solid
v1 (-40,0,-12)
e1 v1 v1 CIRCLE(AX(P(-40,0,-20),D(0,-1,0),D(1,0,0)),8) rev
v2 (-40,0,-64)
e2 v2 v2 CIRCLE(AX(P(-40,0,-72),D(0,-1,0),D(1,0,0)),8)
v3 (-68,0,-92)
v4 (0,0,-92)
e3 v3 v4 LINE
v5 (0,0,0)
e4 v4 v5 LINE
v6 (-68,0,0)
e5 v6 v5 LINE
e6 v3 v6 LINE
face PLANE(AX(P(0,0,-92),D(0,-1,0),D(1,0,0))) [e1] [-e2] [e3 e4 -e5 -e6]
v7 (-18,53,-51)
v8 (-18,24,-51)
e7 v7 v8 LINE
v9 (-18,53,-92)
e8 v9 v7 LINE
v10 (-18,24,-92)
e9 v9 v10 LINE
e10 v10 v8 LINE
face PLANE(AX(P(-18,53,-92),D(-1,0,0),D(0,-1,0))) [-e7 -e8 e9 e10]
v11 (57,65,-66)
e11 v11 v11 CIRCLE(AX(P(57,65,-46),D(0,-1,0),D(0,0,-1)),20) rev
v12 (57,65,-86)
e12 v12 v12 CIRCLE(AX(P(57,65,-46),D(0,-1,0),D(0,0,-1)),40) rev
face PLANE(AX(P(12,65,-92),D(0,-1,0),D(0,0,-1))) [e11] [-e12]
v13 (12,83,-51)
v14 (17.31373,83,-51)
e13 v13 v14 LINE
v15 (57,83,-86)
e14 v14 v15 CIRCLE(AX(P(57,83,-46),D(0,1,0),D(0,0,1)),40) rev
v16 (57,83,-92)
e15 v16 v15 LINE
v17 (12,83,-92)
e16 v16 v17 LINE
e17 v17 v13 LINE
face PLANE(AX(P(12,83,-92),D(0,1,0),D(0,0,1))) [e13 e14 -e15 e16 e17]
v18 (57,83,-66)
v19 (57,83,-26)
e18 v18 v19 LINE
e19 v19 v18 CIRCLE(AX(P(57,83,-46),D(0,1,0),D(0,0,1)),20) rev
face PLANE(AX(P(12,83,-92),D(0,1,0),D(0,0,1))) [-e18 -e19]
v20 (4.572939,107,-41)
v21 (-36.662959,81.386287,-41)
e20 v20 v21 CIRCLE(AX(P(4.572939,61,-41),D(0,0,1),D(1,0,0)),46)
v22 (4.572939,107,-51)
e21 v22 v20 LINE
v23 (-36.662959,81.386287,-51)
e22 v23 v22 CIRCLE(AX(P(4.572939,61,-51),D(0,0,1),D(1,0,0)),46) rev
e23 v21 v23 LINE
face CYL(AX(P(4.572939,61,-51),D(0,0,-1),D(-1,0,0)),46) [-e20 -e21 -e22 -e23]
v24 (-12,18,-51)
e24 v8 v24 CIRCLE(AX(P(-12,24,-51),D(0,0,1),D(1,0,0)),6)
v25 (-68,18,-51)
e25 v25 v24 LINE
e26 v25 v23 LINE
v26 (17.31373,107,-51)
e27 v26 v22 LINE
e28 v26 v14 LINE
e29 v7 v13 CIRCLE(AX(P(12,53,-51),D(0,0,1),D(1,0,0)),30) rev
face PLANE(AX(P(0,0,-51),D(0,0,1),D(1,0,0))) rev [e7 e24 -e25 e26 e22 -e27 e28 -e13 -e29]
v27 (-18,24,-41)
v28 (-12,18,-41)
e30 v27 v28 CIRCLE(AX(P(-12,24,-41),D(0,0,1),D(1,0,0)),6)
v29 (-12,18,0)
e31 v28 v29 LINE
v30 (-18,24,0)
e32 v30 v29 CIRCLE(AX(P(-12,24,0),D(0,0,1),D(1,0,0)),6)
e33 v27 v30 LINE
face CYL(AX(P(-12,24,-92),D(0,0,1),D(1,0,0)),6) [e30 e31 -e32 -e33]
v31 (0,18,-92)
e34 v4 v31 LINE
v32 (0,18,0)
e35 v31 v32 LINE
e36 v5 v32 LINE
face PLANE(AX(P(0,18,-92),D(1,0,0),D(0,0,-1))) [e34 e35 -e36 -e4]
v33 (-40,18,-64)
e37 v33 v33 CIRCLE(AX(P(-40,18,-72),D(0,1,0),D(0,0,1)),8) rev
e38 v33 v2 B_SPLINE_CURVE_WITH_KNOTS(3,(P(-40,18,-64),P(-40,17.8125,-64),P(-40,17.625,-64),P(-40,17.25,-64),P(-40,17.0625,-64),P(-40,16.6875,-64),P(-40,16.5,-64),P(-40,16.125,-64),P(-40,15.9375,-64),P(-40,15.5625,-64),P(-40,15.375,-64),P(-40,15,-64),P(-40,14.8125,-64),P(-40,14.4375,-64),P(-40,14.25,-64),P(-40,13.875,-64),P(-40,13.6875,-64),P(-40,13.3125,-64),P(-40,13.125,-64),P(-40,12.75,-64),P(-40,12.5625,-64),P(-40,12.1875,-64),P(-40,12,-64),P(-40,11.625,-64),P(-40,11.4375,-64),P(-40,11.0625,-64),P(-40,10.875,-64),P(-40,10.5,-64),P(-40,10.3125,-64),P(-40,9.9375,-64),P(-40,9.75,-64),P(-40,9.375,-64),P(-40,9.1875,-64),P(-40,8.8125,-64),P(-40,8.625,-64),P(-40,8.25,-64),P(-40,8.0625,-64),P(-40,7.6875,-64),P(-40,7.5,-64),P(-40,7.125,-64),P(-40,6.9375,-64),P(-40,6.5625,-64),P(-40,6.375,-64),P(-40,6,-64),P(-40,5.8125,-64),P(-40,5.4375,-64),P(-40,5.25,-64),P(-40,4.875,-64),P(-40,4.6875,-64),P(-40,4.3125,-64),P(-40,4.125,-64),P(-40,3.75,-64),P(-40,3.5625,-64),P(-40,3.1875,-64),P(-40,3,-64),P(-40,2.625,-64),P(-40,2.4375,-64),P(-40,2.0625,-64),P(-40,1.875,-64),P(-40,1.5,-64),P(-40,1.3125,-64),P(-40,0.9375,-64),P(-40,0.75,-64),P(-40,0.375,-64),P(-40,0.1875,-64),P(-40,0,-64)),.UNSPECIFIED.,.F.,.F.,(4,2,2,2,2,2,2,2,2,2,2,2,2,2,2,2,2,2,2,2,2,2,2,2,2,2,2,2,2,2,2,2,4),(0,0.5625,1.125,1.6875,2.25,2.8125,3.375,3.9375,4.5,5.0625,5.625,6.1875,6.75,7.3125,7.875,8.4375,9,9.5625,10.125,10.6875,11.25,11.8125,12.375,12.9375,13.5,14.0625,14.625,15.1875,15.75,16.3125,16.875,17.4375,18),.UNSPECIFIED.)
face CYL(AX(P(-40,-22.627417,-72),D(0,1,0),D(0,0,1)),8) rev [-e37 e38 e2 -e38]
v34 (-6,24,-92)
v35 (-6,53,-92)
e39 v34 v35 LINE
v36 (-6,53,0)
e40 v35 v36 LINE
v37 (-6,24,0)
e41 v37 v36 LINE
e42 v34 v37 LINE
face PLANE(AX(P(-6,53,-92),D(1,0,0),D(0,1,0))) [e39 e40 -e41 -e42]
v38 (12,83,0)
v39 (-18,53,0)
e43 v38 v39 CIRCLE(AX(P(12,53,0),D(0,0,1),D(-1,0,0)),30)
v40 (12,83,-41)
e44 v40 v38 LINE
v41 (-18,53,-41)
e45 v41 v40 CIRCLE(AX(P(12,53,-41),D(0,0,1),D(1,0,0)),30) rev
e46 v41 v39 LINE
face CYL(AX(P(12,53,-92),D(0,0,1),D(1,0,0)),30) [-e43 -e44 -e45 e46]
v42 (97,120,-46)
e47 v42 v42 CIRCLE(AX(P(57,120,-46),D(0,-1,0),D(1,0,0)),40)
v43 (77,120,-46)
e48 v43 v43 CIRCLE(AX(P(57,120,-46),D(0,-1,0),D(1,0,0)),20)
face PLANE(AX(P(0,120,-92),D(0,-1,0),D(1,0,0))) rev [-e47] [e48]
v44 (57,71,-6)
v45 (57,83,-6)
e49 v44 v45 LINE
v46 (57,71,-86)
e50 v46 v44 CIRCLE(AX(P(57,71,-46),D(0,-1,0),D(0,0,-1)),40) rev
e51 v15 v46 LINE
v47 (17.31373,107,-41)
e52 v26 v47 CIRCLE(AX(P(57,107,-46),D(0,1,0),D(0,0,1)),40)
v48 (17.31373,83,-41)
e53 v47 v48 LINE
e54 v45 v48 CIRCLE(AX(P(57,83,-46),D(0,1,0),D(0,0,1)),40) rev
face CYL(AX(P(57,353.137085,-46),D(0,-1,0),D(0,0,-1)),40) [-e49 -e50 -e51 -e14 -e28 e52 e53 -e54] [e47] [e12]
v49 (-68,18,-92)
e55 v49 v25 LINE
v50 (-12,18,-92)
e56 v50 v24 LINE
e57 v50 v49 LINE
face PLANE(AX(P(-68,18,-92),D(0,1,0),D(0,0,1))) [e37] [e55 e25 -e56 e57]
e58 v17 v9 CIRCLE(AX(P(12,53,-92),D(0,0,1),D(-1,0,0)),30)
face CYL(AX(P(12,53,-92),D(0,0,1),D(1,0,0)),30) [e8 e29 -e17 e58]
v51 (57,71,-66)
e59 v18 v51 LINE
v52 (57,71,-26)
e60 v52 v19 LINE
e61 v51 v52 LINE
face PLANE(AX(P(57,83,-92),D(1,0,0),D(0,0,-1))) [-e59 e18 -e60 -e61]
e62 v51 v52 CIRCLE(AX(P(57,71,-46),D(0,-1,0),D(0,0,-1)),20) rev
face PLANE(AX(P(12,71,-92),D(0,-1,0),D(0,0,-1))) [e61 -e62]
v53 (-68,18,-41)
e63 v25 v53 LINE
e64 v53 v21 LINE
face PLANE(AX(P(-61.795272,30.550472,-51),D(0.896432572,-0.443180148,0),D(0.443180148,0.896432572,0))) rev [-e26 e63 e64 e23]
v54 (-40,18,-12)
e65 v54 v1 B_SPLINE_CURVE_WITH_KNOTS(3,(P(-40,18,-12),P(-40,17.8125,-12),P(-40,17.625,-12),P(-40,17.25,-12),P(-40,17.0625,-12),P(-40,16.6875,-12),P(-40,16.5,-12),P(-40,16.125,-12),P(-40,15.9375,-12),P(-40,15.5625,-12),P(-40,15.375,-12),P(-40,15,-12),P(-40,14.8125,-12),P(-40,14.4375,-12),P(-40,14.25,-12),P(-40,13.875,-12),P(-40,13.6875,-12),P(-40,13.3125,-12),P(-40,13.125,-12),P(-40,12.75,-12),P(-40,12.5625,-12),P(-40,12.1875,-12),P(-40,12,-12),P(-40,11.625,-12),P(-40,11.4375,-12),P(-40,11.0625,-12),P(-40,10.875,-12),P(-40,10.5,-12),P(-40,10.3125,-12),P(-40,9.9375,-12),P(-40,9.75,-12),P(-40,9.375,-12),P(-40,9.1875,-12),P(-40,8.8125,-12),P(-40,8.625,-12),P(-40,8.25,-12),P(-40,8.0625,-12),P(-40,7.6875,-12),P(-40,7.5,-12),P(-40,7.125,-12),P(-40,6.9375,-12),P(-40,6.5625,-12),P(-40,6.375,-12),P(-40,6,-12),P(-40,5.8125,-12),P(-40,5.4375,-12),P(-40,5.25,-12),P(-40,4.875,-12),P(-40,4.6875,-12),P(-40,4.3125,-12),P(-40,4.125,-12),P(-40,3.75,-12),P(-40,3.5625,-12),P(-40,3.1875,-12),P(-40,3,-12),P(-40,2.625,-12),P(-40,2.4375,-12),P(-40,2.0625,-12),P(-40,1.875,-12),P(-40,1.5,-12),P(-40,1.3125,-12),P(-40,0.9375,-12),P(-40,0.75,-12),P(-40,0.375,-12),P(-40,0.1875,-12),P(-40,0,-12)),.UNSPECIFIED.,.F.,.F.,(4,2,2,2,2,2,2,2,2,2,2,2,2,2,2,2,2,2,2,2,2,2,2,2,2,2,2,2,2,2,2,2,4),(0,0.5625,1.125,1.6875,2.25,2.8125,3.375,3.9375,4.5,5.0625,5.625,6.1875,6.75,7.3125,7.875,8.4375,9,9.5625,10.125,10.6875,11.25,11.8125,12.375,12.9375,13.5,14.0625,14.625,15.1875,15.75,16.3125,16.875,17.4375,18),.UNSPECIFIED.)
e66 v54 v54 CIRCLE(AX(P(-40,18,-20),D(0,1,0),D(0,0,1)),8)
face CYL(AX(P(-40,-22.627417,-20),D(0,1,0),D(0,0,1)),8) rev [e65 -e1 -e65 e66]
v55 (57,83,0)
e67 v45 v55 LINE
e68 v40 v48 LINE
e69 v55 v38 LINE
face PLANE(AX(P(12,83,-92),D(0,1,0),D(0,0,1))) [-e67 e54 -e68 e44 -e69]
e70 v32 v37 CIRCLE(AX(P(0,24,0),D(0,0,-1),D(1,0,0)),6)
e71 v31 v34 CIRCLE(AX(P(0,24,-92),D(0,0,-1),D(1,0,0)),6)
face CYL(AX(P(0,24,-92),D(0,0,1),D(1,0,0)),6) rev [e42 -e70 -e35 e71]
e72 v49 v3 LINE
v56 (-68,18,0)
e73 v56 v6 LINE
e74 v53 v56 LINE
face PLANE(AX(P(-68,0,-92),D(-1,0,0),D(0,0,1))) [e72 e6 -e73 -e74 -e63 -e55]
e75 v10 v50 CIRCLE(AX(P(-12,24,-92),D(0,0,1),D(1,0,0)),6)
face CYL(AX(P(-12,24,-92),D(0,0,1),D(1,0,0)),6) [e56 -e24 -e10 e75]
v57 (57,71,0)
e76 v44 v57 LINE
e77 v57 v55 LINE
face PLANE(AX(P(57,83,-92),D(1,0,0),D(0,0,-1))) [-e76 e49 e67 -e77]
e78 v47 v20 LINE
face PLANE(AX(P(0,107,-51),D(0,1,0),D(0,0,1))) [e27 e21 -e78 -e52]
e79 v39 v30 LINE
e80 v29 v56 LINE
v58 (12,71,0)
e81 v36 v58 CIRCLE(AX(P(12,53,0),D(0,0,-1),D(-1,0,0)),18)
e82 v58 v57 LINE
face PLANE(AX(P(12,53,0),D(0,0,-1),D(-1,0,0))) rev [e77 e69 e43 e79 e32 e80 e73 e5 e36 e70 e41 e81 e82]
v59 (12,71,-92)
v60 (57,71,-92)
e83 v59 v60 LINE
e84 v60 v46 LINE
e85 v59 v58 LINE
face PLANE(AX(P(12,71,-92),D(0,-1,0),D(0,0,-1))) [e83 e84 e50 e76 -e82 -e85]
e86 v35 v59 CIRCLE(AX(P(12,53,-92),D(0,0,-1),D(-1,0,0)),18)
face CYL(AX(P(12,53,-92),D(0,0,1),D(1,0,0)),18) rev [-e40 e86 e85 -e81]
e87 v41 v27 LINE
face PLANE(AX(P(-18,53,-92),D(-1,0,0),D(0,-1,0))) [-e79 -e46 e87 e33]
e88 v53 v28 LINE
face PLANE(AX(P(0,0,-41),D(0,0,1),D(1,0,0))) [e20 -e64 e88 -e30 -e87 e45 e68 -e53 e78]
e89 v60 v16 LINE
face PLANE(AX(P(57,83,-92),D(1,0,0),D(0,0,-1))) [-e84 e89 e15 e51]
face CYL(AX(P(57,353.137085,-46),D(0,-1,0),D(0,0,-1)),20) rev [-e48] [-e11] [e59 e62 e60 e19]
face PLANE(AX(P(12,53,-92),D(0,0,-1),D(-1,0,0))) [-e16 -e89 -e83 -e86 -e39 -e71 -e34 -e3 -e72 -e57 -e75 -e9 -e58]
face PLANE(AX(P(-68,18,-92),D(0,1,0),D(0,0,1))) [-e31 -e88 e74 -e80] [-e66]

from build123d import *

# Parameters (mm, degrees)
BOSS_EXTRUDE1_DEPTH = 92
BOSS_EXTRUDE2_START = -18
SKETCH2_R           = 40
SKETCH2_R_2         = 20
BOSS_EXTRUDE2_DEPTH = 55
SKETCH3_R           = 8
CUT_EXTRUDE1_DEPTH  = 18
BOSS_EXTRUDE3_START = -46
BOSS_EXTRUDE3_DEPTH = 5
FILLET1_R           = 46


with BuildPart() as part:
    # Sketch1 → Boss-Extrude1 (new body)
    with BuildSketch(Plane.XY):
        with BuildLine():
            Line((-6, 53), (-6, 24))
            ThreePointArc((-6, 24), (-4.242640687, 19.757359313), (0, 18))
            Line((0, 18), (0, 0))
            Line((0, 0), (-68, 0))
            Line((-68, 0), (-68, 18))
            Line((-68, 18), (-12, 18))
            ThreePointArc((-12, 18), (-16.242640687, 19.757359313), (-18, 24))
            Line((-18, 24), (-18, 53))
            ThreePointArc((-18, 53), (-9.213203436, 74.213203436), (12, 83))
            Line((12, 83), (57, 83))
            Line((57, 83), (57, 71))
            Line((57, 71), (12, 71))
            ThreePointArc((12, 71), (-0.727922061, 65.727922061), (-6, 53))
        make_face()
    extrude(amount=-BOSS_EXTRUDE1_DEPTH)

    # Sketch2 → Boss-Extrude2 (add)
    with BuildSketch(Plane(origin=(0, 83, 0), x_dir=(1, 0, 0), z_dir=(0, 1, 0)).offset(BOSS_EXTRUDE2_START)):
        with Locations(Location((57, 46, 0), (0, 0, 90))):
            Circle(SKETCH2_R)
        with Locations(Location((57, 46, 0), (0, 0, 90))):
            Circle(SKETCH2_R_2, mode=Mode.SUBTRACT)
    extrude(amount=BOSS_EXTRUDE2_DEPTH)

    # Sketch3 → Cut-Extrude1 (cut)
    with BuildSketch(Plane(origin=(0, 18, 0), x_dir=(1, 0, 0), z_dir=(0, 1, 0))):
        with Locations(Location((-40, 20, 0), (0, 0, 270))):
            Circle(SKETCH3_R)
        with Locations(Location((-40, 72, 0), (0, 0, 270))):
            Circle(SKETCH3_R)
    extrude(amount=-CUT_EXTRUDE1_DEPTH, mode=Mode.SUBTRACT)

    # Sketch4 → Boss-Extrude3 (add, symmetric)
    with BuildSketch(Plane.XY.offset(BOSS_EXTRUDE3_START)):
        with BuildLine():
            ThreePointArc((-18, 53), (-9.213203436, 74.213203436), (12, 83))
            Line((12, 83), (17, 83))
            Line((17, 83), (18, 83))
            Line((18, 83), (18, 107))
            Line((18, 107), (-24, 107))
            Line((-24, 107), (-68, 18))
            Line((-68, 18), (-12, 18))
            ThreePointArc((-12, 18), (-16.242640687, 19.757359313), (-18, 24))
            Line((-18, 24), (-18, 53))
        make_face()
    extrude(amount=BOSS_EXTRUDE3_DEPTH, both=True)

    # Fillet1
    fillet1_edges = [part.edges().sort_by_distance(p)[0] for p in [
        (-24, 107, -46),
    ]]
    fillet(fillet1_edges, radius=FILLET1_R)


solid = part.part
